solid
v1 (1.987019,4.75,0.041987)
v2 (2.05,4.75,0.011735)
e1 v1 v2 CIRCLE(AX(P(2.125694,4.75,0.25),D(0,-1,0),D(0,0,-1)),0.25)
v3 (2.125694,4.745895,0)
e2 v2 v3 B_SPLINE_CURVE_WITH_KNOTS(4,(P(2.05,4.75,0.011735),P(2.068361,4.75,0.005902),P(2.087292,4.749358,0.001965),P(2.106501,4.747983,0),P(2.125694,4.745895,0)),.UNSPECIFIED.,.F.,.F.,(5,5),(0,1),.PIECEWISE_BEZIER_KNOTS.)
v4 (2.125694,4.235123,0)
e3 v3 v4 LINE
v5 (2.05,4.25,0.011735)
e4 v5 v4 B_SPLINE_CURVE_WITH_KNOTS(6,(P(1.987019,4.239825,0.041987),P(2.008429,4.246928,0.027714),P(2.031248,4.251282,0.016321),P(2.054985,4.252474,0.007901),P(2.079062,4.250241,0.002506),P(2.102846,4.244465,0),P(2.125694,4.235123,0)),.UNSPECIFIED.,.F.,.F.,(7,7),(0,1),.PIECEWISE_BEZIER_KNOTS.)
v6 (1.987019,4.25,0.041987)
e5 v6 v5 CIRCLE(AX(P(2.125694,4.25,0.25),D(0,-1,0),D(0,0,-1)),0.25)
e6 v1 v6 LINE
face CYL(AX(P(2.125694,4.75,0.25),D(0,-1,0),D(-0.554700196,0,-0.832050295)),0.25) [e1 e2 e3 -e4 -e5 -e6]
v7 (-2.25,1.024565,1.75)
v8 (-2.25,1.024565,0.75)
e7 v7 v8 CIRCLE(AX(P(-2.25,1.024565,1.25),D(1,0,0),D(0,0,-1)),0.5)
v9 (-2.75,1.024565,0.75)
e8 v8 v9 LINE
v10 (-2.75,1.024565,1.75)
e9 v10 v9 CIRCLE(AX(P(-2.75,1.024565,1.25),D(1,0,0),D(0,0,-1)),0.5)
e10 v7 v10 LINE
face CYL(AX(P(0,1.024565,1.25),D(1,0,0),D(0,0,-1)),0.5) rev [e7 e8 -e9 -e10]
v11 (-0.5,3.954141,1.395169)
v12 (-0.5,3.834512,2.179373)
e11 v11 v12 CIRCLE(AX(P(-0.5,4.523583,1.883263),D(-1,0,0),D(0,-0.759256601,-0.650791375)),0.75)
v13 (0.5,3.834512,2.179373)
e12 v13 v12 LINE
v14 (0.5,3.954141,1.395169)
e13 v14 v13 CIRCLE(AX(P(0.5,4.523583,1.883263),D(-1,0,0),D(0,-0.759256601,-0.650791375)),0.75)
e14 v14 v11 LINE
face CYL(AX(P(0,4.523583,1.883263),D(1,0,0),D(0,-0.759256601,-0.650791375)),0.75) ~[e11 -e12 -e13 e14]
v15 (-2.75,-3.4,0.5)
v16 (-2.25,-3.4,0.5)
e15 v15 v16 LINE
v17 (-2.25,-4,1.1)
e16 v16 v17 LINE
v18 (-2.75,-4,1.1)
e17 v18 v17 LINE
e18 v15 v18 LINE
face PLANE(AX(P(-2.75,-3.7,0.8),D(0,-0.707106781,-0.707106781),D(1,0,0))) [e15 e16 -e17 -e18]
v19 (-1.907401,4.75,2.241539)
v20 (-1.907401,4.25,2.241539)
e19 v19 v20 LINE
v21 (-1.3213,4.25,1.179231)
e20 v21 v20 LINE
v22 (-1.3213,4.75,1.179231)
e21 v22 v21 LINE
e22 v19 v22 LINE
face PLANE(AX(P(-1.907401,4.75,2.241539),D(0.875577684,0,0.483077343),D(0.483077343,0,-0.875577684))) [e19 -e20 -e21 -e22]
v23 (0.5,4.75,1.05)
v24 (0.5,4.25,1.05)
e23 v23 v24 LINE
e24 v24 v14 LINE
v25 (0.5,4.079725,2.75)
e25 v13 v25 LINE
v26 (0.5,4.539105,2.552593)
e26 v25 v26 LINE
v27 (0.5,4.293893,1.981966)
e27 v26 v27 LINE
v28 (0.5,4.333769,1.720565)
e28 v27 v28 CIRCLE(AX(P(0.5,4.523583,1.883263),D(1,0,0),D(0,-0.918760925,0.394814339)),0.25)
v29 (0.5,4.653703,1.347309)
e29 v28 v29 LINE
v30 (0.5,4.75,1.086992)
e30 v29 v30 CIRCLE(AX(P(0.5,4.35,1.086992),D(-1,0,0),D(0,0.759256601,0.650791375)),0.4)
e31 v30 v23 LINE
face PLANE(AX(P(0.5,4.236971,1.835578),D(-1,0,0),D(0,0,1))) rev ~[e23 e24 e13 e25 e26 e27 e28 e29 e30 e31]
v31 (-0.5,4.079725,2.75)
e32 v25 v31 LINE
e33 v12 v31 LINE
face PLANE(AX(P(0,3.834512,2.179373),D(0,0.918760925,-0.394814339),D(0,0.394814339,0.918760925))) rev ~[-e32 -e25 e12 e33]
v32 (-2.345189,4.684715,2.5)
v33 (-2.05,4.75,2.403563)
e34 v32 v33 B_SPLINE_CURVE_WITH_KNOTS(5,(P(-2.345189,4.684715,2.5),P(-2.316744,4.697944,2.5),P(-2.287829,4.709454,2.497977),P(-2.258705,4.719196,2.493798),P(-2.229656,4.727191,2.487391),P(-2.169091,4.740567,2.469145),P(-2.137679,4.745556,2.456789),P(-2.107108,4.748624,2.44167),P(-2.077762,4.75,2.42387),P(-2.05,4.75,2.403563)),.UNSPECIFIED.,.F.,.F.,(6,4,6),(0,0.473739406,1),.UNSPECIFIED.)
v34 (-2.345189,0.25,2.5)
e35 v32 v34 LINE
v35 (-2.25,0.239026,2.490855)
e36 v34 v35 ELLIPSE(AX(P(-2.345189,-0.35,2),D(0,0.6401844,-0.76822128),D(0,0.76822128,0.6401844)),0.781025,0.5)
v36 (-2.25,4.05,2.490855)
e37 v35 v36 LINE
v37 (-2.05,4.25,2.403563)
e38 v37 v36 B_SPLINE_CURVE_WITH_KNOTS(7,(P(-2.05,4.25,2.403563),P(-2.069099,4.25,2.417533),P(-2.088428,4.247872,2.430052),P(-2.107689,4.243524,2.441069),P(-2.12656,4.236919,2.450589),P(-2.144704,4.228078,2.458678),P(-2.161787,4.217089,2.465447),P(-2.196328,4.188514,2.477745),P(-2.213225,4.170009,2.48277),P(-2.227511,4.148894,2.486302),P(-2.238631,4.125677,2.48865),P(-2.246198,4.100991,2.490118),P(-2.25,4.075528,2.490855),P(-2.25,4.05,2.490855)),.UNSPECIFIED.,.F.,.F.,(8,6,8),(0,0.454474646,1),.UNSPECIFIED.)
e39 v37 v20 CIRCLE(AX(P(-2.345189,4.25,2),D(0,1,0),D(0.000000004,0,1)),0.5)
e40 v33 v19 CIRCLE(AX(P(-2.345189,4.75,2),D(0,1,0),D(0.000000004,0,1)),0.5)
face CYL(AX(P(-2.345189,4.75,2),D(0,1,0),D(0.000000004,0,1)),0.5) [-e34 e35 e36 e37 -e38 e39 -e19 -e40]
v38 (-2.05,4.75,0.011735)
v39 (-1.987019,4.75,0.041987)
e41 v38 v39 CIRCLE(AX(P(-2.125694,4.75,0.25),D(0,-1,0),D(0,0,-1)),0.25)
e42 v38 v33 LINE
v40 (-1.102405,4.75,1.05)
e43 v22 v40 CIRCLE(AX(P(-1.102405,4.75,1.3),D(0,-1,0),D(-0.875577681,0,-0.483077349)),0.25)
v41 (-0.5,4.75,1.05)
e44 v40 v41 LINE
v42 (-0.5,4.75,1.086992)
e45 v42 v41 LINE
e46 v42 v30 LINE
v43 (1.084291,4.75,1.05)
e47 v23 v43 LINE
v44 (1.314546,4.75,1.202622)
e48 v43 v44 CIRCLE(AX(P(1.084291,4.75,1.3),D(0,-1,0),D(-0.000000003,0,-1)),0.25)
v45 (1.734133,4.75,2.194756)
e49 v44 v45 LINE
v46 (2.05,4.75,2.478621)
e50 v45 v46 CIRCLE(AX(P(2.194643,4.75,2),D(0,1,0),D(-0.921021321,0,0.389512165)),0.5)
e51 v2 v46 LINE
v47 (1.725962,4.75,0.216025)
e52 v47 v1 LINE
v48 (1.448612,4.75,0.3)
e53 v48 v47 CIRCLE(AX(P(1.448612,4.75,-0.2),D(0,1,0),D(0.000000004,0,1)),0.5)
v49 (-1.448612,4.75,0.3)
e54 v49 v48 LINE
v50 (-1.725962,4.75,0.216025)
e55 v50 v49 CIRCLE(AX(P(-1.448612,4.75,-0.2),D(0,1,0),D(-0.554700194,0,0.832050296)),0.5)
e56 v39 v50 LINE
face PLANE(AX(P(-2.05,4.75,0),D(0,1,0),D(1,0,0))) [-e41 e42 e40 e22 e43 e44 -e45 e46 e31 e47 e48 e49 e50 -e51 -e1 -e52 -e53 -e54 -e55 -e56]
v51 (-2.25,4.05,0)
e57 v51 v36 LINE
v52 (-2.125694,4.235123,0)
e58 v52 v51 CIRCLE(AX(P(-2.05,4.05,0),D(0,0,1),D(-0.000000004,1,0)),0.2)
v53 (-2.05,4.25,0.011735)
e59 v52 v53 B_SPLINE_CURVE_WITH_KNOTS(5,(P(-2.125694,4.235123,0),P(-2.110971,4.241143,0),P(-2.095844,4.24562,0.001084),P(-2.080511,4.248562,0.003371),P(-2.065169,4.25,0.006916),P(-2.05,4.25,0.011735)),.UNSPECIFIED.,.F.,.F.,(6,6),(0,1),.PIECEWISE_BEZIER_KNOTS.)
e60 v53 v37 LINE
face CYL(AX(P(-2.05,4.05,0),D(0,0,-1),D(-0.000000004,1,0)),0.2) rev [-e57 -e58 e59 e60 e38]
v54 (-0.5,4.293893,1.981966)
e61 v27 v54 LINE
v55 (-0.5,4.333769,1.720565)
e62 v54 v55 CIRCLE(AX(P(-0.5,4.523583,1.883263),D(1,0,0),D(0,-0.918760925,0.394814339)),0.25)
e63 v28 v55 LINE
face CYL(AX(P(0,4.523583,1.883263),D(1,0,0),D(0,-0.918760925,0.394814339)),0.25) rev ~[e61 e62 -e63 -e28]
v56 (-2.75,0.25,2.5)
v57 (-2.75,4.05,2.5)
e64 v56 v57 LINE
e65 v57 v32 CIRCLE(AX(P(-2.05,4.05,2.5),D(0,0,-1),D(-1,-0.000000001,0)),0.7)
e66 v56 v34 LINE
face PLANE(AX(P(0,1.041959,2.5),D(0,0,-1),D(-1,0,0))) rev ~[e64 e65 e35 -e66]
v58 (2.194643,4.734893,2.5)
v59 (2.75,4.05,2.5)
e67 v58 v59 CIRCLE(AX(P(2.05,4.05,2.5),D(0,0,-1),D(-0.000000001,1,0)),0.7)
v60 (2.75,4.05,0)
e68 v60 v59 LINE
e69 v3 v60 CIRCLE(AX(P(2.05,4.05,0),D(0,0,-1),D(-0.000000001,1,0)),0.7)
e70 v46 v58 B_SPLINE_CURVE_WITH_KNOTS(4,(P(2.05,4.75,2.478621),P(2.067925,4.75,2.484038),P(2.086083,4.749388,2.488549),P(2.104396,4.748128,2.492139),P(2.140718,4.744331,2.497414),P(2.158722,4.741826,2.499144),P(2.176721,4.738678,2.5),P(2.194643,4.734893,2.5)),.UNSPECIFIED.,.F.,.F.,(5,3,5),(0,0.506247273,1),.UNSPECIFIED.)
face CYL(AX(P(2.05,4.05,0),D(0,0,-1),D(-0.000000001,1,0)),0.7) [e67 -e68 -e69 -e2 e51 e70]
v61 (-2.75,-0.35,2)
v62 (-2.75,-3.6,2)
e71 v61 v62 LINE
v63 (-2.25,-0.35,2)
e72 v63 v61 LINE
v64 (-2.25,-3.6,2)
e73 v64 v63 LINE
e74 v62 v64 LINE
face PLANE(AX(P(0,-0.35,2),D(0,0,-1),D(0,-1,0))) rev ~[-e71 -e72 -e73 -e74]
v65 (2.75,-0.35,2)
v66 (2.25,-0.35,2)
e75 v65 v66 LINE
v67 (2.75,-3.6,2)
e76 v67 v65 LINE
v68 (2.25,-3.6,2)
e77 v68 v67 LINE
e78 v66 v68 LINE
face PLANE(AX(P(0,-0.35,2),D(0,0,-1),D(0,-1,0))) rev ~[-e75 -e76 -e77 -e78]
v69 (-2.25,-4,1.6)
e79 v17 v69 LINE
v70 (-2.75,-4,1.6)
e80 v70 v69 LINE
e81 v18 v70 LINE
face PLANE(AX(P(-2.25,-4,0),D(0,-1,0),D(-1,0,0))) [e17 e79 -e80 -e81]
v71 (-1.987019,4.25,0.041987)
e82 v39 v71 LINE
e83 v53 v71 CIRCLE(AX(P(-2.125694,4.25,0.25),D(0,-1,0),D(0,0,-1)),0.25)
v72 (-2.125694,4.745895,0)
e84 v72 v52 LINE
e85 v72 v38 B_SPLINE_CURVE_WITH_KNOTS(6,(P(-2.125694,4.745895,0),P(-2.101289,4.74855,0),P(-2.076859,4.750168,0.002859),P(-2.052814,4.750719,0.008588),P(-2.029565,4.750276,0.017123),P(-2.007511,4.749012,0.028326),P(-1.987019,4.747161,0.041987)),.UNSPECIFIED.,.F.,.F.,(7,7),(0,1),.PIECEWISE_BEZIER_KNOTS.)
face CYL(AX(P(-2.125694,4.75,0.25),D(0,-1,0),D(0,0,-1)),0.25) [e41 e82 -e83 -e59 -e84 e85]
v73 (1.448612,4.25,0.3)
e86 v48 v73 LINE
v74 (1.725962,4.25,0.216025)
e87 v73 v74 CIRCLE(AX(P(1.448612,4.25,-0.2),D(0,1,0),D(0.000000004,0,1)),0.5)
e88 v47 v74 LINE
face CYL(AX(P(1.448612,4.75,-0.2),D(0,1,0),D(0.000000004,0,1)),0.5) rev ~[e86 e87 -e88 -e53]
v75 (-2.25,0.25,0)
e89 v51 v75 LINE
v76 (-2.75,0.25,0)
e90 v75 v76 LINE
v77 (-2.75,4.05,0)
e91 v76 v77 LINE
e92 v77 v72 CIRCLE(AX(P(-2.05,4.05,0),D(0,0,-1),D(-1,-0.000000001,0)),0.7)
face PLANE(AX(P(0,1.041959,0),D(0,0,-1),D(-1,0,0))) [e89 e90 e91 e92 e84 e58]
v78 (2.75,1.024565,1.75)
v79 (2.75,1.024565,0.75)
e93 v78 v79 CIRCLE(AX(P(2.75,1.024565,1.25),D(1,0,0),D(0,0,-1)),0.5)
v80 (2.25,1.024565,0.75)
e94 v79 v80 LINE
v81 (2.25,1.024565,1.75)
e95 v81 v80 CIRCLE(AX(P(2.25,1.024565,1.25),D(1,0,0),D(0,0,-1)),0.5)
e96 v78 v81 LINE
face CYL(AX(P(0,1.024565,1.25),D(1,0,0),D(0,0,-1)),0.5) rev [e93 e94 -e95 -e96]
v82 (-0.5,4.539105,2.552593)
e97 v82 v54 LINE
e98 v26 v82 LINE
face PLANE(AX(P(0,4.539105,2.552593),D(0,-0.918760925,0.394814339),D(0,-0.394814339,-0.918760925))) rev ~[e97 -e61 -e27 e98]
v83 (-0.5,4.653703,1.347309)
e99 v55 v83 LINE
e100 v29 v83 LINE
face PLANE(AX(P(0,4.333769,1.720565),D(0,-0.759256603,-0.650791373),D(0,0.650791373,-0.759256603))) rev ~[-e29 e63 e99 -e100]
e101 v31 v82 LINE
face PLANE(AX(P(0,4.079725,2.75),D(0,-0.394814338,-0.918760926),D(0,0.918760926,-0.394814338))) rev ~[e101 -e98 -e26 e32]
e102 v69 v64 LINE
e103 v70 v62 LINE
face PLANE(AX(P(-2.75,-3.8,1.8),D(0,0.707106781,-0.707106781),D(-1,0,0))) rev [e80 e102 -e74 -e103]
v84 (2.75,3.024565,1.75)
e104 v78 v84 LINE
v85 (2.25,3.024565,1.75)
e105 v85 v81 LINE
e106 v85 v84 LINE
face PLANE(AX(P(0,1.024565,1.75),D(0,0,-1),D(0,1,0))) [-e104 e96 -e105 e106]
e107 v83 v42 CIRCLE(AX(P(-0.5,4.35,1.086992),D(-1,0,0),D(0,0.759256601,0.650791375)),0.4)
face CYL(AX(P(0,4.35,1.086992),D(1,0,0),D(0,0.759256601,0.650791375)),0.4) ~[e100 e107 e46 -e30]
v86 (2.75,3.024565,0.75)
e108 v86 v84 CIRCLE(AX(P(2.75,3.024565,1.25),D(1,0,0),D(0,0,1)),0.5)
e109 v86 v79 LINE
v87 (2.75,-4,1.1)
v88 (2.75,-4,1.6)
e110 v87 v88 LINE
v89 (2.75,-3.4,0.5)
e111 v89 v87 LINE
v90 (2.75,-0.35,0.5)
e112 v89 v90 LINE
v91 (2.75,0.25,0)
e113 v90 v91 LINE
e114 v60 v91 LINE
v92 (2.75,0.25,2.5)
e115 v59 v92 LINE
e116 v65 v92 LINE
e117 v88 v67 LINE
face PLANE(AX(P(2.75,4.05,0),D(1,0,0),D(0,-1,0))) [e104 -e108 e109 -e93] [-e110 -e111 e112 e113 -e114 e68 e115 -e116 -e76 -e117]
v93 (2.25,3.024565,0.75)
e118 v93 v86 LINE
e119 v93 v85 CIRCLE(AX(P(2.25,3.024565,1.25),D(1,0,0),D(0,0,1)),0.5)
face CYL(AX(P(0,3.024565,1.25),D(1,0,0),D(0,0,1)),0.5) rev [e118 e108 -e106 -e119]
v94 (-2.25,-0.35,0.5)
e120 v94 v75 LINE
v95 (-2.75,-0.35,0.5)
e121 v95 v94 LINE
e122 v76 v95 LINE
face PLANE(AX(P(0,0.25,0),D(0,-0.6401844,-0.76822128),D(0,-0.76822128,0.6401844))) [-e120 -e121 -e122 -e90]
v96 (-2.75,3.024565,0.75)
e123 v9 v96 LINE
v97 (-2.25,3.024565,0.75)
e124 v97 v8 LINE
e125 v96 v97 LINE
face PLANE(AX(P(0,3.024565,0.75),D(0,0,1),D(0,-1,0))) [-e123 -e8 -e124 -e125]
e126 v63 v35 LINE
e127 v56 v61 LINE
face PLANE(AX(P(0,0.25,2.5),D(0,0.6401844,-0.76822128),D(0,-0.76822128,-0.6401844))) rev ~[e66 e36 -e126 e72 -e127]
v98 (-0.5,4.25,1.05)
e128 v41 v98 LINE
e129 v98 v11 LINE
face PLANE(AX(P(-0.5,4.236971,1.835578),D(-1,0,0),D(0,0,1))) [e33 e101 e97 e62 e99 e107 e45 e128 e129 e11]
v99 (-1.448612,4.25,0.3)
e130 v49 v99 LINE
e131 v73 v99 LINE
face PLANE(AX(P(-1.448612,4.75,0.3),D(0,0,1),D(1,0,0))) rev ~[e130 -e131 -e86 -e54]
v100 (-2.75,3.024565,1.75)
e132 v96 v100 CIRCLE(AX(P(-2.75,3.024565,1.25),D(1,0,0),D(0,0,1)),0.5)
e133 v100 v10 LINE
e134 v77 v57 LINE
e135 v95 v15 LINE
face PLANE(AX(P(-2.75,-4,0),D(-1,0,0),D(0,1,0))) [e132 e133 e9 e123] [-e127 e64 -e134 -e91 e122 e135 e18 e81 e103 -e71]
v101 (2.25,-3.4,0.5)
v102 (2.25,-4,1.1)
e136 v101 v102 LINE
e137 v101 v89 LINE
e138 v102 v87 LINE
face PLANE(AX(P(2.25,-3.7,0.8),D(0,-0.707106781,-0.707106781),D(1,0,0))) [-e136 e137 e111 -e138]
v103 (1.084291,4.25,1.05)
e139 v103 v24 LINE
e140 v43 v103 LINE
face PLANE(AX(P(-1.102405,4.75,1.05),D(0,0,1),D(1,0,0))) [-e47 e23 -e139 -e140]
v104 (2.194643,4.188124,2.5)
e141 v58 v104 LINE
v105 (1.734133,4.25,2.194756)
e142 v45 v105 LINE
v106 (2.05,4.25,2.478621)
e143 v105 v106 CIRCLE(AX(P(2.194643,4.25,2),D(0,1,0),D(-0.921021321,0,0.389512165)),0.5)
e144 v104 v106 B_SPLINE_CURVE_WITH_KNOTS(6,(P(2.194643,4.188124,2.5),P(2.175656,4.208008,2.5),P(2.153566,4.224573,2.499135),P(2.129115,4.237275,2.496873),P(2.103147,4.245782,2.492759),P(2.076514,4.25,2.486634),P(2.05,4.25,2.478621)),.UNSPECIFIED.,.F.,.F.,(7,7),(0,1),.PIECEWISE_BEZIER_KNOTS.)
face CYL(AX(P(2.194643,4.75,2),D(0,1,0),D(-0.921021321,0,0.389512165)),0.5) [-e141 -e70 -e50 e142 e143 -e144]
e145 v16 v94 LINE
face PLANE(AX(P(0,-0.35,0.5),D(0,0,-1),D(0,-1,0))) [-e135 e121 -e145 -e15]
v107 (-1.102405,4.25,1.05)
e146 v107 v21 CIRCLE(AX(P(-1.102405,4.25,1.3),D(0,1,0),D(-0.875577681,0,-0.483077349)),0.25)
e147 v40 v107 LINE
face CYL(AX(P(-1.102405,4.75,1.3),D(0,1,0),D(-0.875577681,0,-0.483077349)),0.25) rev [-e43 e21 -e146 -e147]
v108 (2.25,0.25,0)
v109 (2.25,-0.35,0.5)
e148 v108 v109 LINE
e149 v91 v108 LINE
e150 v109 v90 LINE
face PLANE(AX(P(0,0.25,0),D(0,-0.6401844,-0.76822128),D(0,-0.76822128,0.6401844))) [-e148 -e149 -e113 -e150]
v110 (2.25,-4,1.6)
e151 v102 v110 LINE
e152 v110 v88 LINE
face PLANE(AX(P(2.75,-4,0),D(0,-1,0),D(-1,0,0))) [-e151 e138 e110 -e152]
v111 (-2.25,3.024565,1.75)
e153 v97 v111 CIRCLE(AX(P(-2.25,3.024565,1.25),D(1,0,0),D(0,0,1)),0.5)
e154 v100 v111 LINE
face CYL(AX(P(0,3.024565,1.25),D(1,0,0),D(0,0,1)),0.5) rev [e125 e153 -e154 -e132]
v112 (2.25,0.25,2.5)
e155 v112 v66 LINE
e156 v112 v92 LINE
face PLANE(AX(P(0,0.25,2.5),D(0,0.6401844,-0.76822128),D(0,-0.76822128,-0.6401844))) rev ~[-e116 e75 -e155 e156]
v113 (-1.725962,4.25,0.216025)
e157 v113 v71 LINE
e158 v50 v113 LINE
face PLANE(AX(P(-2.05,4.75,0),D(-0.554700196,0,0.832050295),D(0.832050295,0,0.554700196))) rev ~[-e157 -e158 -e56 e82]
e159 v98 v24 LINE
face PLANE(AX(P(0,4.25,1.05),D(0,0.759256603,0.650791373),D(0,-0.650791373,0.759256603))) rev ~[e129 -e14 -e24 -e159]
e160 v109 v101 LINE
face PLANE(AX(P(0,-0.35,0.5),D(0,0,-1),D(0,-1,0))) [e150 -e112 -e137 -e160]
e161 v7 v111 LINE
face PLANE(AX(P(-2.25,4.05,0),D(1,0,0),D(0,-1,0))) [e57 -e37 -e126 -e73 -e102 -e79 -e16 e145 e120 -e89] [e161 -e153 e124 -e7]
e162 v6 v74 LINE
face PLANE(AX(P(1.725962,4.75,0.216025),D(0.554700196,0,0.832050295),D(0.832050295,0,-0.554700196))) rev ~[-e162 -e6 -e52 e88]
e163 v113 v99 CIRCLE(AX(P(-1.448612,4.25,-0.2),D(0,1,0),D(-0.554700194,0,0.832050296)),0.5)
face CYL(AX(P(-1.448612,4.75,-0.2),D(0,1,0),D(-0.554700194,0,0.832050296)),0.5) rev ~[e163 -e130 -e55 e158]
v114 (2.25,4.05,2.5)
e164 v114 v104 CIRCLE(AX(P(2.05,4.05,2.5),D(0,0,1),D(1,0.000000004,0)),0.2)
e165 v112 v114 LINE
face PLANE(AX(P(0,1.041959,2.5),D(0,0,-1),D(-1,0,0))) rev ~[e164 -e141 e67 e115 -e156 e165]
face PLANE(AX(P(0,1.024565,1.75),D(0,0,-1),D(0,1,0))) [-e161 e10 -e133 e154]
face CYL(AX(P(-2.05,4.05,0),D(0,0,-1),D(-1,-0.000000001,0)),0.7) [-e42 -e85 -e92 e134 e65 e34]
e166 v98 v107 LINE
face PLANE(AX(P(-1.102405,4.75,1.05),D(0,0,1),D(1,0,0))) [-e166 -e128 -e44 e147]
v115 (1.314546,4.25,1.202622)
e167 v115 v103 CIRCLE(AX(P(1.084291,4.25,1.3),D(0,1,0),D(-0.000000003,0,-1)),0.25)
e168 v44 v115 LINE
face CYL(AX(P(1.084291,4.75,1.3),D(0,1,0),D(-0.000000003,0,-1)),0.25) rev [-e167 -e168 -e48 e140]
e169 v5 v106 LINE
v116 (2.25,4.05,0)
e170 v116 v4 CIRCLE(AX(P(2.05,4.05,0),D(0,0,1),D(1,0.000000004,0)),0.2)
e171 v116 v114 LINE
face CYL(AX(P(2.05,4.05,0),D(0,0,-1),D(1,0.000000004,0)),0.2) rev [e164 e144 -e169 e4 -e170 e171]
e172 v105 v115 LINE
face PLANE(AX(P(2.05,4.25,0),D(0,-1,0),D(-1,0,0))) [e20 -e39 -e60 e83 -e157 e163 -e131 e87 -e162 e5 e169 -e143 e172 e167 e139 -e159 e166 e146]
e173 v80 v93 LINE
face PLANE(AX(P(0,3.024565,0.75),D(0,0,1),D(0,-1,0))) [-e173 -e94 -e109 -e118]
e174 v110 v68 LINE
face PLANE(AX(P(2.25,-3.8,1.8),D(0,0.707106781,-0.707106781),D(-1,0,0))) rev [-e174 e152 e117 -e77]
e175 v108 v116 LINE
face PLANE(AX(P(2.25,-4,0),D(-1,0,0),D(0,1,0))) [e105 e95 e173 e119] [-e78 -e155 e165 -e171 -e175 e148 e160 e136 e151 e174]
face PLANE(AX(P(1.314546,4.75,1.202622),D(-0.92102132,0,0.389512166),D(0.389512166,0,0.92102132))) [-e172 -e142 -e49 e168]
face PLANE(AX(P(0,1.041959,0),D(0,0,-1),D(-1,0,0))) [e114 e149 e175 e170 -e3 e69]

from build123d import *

# Parameters (mm, degrees)
BOSS_EXTRUDE1_DEPTH = 2.5
CUT_EXTRUDE1_DEPTH  = 10.5
FILLET1_R           = 0.25
CUT_EXTRUDE2_DEPTH  = 5.25
BOSS_EXTRUDE2_DEPTH = 0.5
CHAMFER1_SIZE       = 0.6
CHAMFER2_SIZE       = 0.4


with BuildPart() as part:
    # Sketch1 → Boss-Extrude1 (new body)
    with BuildSketch(Plane.XY):
        with BuildLine():
            Line((-2.75, -4), (-2.75, 4.05))
            ThreePointArc((-2.75, 4.05), (-2.544974747, 4.544974747), (-2.05, 4.75))
            Line((-2.05, 4.75), (2.05, 4.75))
            ThreePointArc((2.05, 4.75), (2.544974747, 4.544974747), (2.75, 4.05))
            Line((2.75, 4.05), (2.75, -4))
            Line((2.75, -4), (2.25, -4))
            Line((2.25, -4), (2.25, 4.05))
            ThreePointArc((2.25, 4.05), (2.191421356, 4.191421356), (2.05, 4.25))
            Line((2.05, 4.25), (-2.05, 4.25))
            ThreePointArc((-2.05, 4.25), (-2.191421356, 4.191421356), (-2.25, 4.05))
            Line((-2.25, 4.05), (-2.25, -4))
            Line((-2.25, -4), (-2.75, -4))
        make_face()
    extrude(amount=BOSS_EXTRUDE1_DEPTH)

    # Sketch2 → Cut-Extrude1 (cut)
    with BuildSketch(Plane(origin=(0, 4.75, 0), x_dir=(1, 0, 0), z_dir=(0, 1, 0))):
        with BuildLine():
            Line((-2.05, 0), (-1.725962279, -0.216025147))
            ThreePointArc((-1.725962279, -0.216025147), (-1.593504255, -0.278546013), (-1.448612181, -0.3))
            Line((-1.448612181, -0.3), (1.448612181, -0.3))
            ThreePointArc((1.448612181, -0.3), (1.593504255, -0.278546013), (1.725962279, -0.216025147))
            Line((1.725962279, -0.216025147), (2.05, 0))
            Line((2.05, 0), (2.05, 0.547519398))
            Line((2.05, 0.547519398), (-2.05, 0.547519398))
            Line((-2.05, 0.547519398), (-2.05, 0))
        make_face()
        with BuildLine():
            Line((-2.75, -2.5), (-2.345189488, -2.5))
            ThreePointArc((-2.345189488, -2.5), (-2.090994028, -2.430563198), (-1.907400646, -2.241538671))
            Line((-1.907400646, -2.241538671), (-1.321299677, -1.179230664))
            ThreePointArc((-1.321299677, -1.179230664), (-1.229502986, -1.084718401), (-1.102405256, -1.05))
            Line((-1.102405256, -1.05), (1.084290526, -1.05))
            ThreePointArc((1.084290526, -1.05), (1.222412736, -1.091619926), (1.314545856, -1.202621958))
            Line((1.314545856, -1.202621958), (1.734132573, -2.194756083))
            ThreePointArc((1.734132573, -2.194756083), (1.918398814, -2.416760148), (2.194643233, -2.5))
            Line((2.194643233, -2.5), (2.75, -2.5))
            Line((2.75, -2.5), (2.75, -3.056093585))
            Line((2.75, -3.056093585), (-2.75, -3.056093585))
            Line((-2.75, -3.056093585), (-2.75, -2.5))
        make_face()
    extrude(amount=-CUT_EXTRUDE1_DEPTH, mode=Mode.SUBTRACT)

    # Fillet1
    fillet1_edges = [part.edges().sort_by_distance(p)[0] for p in [
        (-2.05, 4.5, 0),
        (2.05, 4.5, 0),
    ]]
    fillet(fillet1_edges, radius=FILLET1_R)

    # Sketch3 → Cut-Extrude2 (cut, symmetric)
    with BuildSketch(Plane(origin=(0, 0, 0), x_dir=(0, 0, -1), z_dir=(1, 0, 0))):
        Polygon((0, 0.25), (-0.5, -0.35), (-0.5, -4.396314828), (0.876390697, -4.396314828), (0.876390697, 0.25), align=None)
        Polygon((-2.5, 0.25), (-2, -0.35), (-2, -4.896314828), (-3.070294312, -4.896314828), (-3.070294312, 0.25), align=None)
        with BuildLine():
            Line((-0.75, 3.024565065), (-0.75, 1.024565065))
            ThreePointArc((-0.75, 1.024565065), (-1.25, 0.524565065), (-1.75, 1.024565065))
            Line((-1.75, 1.024565065), (-1.75, 3.024565065))
            ThreePointArc((-1.75, 3.024565065), (-1.25, 3.524565065), (-0.75, 3.024565065))
        make_face()
    extrude(amount=CUT_EXTRUDE2_DEPTH, both=True, mode=Mode.SUBTRACT)

    # Sketch4 → Boss-Extrude2 (add, symmetric)
    with BuildSketch(Plane(origin=(0, 0, 0), x_dir=(0, 0, -1), z_dir=(1, 0, 0))):
        with BuildLine():
            Line((-1.05, 4.25), (-1.395169213, 3.954140675))
            ThreePointArc((-1.395169213, 3.954140675), (-1.770160684, 3.782160221), (-2.179373497, 3.834512432))
            Line((-2.179373497, 3.834512432), (-2.75, 4.079724782))
            Line((-2.75, 4.079724782), (-2.552592831, 4.539105245))
            Line((-2.552592831, 4.539105245), (-1.981966328, 4.293892895))
            ThreePointArc((-1.981966328, 4.293892895), (-1.845562057, 4.276442158), (-1.7205649, 4.333768976))
            Line((-1.7205649, 4.333768976), (-1.347308957, 4.653702641))
            ThreePointArc((-1.347308957, 4.653702641), (-1.225770907, 4.725154006), (-1.086992408, 4.75))
            Line((-1.086992408, 4.75), (-1.05, 4.75))
            Line((-1.05, 4.75), (-1.05, 4.25))
        make_face()
    extrude(amount=BOSS_EXTRUDE2_DEPTH, both=True)

    # Chamfer1
    chamfer1_edges = [part.edges().sort_by_distance(p)[0] for p in [
        (2.5, -4, 0.5),
        (-2.5, -4, 0.5),
    ]]
    chamfer(chamfer1_edges, length=CHAMFER1_SIZE)

    # Chamfer2
    chamfer2_edges = [part.edges().sort_by_distance(p)[0] for p in [
        (2.5, -4, 2),
        (-2.5, -4, 2),
    ]]
    chamfer(chamfer2_edges, length=CHAMFER2_SIZE)


solid = part.part
